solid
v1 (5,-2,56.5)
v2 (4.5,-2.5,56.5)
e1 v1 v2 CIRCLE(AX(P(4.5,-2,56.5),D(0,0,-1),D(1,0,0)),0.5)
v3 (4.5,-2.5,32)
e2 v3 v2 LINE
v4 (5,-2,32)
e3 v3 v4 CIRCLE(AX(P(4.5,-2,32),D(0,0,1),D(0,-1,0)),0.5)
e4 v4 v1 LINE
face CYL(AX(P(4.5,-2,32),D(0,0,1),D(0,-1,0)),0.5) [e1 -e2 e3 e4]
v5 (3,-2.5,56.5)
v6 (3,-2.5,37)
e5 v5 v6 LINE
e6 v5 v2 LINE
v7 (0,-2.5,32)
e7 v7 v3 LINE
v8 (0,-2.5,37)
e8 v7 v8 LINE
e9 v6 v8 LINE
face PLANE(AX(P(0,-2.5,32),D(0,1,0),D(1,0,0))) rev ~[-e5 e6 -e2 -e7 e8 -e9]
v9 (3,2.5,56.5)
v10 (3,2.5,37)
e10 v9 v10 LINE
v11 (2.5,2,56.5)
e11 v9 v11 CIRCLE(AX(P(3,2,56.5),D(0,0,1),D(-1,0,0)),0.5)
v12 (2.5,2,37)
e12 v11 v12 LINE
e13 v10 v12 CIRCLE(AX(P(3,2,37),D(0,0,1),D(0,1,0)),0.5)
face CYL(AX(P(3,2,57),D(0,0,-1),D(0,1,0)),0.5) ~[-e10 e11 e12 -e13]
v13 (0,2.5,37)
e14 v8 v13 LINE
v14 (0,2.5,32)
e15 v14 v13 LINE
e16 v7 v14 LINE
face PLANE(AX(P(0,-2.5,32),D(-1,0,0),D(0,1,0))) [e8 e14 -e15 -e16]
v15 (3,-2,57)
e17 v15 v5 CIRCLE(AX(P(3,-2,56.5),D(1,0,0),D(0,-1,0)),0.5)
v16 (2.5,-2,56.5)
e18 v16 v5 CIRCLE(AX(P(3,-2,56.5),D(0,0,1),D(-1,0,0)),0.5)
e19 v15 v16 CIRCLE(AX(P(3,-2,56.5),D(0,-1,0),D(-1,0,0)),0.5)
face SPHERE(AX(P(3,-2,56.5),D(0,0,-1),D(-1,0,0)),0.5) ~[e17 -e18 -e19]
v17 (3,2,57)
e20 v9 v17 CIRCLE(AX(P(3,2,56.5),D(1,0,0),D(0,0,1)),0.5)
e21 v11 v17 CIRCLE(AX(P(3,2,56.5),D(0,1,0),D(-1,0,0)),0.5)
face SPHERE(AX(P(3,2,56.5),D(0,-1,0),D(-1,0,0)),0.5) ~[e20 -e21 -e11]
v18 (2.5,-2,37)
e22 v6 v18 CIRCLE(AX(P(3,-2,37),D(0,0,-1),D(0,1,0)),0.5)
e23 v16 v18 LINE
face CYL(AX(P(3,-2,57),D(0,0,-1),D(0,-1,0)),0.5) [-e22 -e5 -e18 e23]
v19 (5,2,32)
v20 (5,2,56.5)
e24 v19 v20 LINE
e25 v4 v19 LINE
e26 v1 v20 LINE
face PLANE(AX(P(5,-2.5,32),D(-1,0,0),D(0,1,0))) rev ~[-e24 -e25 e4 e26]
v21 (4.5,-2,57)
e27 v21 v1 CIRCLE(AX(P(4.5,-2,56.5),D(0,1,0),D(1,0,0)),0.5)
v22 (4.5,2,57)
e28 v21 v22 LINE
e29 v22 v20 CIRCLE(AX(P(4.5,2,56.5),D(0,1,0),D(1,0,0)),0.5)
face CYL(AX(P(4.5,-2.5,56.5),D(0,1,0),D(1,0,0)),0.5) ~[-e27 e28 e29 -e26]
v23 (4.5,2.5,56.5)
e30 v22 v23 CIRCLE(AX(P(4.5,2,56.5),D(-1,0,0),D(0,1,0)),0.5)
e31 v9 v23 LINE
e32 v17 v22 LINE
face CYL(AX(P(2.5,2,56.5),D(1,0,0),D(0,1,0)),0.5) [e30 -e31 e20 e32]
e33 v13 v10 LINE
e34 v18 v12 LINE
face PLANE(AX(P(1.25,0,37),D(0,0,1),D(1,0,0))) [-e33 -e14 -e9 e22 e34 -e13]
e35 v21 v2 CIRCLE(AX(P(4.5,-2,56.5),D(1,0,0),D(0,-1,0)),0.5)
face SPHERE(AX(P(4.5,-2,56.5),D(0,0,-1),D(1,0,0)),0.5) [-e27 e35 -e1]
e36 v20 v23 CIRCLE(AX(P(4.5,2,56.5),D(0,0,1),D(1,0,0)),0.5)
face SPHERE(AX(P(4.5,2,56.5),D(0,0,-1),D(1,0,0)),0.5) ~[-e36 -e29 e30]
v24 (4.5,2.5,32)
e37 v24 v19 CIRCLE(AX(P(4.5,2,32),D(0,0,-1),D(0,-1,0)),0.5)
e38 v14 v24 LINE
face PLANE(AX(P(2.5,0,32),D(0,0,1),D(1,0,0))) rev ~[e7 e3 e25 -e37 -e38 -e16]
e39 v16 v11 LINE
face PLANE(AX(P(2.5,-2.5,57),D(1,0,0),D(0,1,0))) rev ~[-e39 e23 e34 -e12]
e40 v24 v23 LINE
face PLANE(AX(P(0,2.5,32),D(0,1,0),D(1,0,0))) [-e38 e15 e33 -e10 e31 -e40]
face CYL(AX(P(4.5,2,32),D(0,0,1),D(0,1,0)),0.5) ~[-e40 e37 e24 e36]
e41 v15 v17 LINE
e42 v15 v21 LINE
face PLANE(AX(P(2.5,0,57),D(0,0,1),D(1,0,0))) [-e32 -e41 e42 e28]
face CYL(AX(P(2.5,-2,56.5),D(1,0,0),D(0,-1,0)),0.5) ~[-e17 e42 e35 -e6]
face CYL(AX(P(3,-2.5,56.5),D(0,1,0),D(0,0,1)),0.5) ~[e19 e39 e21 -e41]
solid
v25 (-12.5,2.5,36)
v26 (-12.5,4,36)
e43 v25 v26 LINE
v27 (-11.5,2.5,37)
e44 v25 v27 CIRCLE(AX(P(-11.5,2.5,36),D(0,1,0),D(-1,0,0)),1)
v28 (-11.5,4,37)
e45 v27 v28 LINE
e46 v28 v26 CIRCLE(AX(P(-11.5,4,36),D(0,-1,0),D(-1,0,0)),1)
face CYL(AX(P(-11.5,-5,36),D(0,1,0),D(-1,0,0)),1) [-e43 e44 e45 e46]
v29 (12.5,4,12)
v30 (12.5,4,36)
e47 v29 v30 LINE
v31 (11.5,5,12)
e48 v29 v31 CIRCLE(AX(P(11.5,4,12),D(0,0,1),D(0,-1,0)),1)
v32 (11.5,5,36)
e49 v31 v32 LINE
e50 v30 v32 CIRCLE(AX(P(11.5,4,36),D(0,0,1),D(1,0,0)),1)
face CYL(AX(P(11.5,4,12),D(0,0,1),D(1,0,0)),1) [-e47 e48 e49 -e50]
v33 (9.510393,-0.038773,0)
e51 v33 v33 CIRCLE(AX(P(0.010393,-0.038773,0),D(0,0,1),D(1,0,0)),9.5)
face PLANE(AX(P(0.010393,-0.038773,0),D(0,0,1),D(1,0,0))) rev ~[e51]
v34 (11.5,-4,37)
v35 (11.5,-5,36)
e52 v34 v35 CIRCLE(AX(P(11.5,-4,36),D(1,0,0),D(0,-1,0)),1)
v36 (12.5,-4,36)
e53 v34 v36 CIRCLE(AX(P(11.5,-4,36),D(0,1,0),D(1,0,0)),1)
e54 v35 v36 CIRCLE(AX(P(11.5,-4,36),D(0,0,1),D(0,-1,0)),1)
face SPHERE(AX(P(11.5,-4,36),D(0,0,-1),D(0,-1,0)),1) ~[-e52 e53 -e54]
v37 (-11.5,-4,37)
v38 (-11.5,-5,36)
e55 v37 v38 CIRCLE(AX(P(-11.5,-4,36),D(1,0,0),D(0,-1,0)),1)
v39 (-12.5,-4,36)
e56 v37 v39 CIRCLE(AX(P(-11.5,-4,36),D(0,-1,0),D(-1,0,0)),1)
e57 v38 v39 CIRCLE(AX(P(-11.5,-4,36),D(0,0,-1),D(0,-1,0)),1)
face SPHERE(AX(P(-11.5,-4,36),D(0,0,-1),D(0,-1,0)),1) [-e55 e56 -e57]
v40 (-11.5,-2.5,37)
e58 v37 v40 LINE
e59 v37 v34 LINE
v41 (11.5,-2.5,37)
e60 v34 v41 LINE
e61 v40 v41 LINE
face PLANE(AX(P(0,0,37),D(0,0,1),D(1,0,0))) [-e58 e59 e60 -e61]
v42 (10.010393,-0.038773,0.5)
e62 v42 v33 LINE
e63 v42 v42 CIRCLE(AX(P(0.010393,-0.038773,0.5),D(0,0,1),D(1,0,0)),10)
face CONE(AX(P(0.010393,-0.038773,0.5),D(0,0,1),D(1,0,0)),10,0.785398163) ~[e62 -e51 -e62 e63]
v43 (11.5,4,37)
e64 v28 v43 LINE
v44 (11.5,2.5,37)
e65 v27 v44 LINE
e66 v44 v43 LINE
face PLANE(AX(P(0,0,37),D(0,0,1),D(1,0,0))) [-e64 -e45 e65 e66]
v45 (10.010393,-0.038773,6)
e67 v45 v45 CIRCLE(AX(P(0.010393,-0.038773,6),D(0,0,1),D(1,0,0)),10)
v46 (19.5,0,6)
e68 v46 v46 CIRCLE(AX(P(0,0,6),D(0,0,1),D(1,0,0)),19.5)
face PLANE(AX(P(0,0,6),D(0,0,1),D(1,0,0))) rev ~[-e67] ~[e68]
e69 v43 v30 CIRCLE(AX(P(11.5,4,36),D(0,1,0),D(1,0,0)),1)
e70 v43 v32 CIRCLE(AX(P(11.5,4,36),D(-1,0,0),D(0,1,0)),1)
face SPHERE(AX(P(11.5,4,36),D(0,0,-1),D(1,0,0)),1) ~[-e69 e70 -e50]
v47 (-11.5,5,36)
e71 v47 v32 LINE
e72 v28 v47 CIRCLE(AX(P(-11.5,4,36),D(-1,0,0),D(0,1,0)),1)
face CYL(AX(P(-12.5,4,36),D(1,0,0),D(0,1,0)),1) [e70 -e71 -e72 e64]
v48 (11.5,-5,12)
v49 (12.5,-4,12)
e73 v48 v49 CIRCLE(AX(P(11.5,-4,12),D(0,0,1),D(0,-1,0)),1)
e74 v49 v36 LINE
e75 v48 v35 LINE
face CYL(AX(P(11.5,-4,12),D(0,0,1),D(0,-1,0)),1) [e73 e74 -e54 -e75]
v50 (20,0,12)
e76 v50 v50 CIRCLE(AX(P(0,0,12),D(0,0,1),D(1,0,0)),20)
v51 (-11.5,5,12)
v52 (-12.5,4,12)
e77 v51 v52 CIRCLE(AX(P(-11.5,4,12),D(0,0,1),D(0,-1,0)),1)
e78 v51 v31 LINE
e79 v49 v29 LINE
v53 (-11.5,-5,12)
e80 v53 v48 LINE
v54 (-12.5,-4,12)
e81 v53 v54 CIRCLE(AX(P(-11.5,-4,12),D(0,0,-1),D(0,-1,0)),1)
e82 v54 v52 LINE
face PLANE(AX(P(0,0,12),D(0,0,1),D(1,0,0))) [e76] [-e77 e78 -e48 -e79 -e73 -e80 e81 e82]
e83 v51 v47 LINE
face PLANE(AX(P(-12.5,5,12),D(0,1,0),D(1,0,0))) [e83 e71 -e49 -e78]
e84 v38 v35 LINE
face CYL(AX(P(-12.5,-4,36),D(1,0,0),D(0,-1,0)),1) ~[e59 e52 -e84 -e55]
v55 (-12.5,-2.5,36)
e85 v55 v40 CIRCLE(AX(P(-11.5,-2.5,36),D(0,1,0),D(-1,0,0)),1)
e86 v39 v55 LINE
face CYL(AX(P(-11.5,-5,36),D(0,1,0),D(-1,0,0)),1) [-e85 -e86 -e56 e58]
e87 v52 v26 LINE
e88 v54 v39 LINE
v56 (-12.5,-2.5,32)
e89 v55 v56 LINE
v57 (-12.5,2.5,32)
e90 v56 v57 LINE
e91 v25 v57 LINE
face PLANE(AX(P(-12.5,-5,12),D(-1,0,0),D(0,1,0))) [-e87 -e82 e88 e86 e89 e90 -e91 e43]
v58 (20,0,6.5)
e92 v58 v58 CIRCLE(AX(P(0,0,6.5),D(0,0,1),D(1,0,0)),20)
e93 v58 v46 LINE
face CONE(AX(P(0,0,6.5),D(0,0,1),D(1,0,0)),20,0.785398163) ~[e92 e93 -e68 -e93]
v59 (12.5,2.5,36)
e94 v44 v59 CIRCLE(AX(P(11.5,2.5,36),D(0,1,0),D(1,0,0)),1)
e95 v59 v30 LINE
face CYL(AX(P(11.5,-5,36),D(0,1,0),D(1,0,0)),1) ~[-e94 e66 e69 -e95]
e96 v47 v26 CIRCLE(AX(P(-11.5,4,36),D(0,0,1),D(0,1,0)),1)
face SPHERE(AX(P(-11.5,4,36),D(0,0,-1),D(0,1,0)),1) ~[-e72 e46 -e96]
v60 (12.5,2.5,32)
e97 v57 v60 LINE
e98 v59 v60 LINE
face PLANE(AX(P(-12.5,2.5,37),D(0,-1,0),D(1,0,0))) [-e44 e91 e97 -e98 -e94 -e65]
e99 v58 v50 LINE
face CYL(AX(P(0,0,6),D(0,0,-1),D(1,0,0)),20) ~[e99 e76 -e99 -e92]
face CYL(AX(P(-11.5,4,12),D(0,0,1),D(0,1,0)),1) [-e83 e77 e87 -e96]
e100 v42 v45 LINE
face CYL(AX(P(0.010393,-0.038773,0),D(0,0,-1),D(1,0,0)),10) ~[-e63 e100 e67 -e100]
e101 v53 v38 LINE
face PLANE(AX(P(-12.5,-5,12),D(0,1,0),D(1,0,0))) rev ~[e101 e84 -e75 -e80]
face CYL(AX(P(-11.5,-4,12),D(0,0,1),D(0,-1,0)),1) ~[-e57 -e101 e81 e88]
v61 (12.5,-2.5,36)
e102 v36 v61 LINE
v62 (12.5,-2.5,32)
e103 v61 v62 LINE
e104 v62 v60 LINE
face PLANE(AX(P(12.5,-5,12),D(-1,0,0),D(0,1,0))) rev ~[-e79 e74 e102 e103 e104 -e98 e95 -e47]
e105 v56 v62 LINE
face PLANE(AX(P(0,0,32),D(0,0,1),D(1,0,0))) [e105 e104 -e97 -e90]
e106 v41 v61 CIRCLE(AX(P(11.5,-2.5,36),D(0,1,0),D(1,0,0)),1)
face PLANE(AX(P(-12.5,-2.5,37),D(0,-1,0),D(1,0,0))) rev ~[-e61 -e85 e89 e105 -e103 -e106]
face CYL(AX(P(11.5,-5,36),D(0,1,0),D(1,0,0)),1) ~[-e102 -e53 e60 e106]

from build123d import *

# Parameters (mm, degrees)
SKETCH_R        = 10
PAD_DEPTH       = 6
CHAMFER_SIZE    = 0.5
SKETCH001_R     = 20
PAD001_DEPTH    = 6
CHAMFER001_SIZE = 0.5
SKETCH002_W     = 25
SKETCH002_H     = 10
PAD002_DEPTH    = 25
FILLET_R        = 1
SKETCH003_W     = 25
SKETCH003_H     = 5
POCKET_DEPTH    = 5
SKETCH004_W     = 5
SKETCH004_H     = 5
PAD003_DEPTH    = 25
SKETCH005_W     = 2.5
SKETCH005_H     = 5
POCKET001_DEPTH = 20
FILLET001_R     = 0.5


with BuildPart() as body:
    # Sketch → Pad (new body)
    with BuildSketch(Plane.XY):
        with Locations((0.010393, -0.038773)):
            Circle(SKETCH_R)
    extrude(amount=PAD_DEPTH)

    # Chamfer
    chamfer_edges = [body.edges().sort_by_distance(p)[0] for p in [
        (-9.989607, -0.038773, 0),
    ]]
    chamfer(chamfer_edges, length=CHAMFER_SIZE)

    # Sketch001 (on Face3 of Chamfer) → Pad001 (join)
    with BuildSketch(Plane.XY.offset(6)):
        Circle(SKETCH001_R)
    extrude(amount=PAD001_DEPTH)

    # Chamfer001
    chamfer001_edges = [body.edges().sort_by_distance(p)[0] for p in [
        (-20, 0, 6),
    ]]
    chamfer(chamfer001_edges, length=CHAMFER001_SIZE)

    # Sketch002 (on Face3 of Chamfer001) → Pad002 (join)
    with BuildSketch(Plane.XY.offset(12)):
        Rectangle(SKETCH002_W, SKETCH002_H)
    extrude(amount=PAD002_DEPTH)

    # Fillet
    fillet_edges = [body.edges().sort_by_distance(p)[0] for p in [
        (-12.5, -5, 24.5),
        (-12.5, 5, 24.5),
        (12.5, -5, 24.5),
        (12.5, 5, 24.5),
        (0, -5, 37),
        (12.5, 0, 37),
        (0, 5, 37),
        (-12.5, 0, 37),
    ]]
    fillet(fillet_edges, radius=FILLET_R)

    # Sketch003 (on Face20 of Fillet) → Pocket (cut)
    with BuildSketch(Plane.XY.offset(37)):
        Rectangle(SKETCH003_W, SKETCH003_H)
    extrude(amount=-POCKET_DEPTH, mode=Mode.SUBTRACT)


with BuildPart() as finger:
    # Sketch004 (on Face1 of CopyPocket) → Pad003 (new body)
    with BuildSketch(Plane.XY.offset(32)):
        with Locations((2.5, 0)):
            Rectangle(SKETCH004_W, SKETCH004_H)
    extrude(amount=PAD003_DEPTH)

    # Sketch005 (on Face6 of Pad003) → Pocket001 (cut)
    with BuildSketch(Plane.XY.offset(57)):
        with Locations((1.25, 0)):
            Rectangle(SKETCH005_W, SKETCH005_H)
    extrude(amount=-POCKET001_DEPTH, mode=Mode.SUBTRACT)

    # Fillet001
    fillet001_edges = [finger.edges().sort_by_distance(p)[0] for p in [
        (2.5, -2.5, 47),
        (2.5, 0, 57),
        (2.5, 2.5, 47),
        (5, -2.5, 44.5),
        (5, 2.5, 44.5),
        (5, 0, 57),
        (3.75, -2.5, 57),
        (3.75, 2.5, 57),
    ]]
    fillet(fillet001_edges, radius=FILLET001_R)


solid = Compound([body.part, finger.part])
